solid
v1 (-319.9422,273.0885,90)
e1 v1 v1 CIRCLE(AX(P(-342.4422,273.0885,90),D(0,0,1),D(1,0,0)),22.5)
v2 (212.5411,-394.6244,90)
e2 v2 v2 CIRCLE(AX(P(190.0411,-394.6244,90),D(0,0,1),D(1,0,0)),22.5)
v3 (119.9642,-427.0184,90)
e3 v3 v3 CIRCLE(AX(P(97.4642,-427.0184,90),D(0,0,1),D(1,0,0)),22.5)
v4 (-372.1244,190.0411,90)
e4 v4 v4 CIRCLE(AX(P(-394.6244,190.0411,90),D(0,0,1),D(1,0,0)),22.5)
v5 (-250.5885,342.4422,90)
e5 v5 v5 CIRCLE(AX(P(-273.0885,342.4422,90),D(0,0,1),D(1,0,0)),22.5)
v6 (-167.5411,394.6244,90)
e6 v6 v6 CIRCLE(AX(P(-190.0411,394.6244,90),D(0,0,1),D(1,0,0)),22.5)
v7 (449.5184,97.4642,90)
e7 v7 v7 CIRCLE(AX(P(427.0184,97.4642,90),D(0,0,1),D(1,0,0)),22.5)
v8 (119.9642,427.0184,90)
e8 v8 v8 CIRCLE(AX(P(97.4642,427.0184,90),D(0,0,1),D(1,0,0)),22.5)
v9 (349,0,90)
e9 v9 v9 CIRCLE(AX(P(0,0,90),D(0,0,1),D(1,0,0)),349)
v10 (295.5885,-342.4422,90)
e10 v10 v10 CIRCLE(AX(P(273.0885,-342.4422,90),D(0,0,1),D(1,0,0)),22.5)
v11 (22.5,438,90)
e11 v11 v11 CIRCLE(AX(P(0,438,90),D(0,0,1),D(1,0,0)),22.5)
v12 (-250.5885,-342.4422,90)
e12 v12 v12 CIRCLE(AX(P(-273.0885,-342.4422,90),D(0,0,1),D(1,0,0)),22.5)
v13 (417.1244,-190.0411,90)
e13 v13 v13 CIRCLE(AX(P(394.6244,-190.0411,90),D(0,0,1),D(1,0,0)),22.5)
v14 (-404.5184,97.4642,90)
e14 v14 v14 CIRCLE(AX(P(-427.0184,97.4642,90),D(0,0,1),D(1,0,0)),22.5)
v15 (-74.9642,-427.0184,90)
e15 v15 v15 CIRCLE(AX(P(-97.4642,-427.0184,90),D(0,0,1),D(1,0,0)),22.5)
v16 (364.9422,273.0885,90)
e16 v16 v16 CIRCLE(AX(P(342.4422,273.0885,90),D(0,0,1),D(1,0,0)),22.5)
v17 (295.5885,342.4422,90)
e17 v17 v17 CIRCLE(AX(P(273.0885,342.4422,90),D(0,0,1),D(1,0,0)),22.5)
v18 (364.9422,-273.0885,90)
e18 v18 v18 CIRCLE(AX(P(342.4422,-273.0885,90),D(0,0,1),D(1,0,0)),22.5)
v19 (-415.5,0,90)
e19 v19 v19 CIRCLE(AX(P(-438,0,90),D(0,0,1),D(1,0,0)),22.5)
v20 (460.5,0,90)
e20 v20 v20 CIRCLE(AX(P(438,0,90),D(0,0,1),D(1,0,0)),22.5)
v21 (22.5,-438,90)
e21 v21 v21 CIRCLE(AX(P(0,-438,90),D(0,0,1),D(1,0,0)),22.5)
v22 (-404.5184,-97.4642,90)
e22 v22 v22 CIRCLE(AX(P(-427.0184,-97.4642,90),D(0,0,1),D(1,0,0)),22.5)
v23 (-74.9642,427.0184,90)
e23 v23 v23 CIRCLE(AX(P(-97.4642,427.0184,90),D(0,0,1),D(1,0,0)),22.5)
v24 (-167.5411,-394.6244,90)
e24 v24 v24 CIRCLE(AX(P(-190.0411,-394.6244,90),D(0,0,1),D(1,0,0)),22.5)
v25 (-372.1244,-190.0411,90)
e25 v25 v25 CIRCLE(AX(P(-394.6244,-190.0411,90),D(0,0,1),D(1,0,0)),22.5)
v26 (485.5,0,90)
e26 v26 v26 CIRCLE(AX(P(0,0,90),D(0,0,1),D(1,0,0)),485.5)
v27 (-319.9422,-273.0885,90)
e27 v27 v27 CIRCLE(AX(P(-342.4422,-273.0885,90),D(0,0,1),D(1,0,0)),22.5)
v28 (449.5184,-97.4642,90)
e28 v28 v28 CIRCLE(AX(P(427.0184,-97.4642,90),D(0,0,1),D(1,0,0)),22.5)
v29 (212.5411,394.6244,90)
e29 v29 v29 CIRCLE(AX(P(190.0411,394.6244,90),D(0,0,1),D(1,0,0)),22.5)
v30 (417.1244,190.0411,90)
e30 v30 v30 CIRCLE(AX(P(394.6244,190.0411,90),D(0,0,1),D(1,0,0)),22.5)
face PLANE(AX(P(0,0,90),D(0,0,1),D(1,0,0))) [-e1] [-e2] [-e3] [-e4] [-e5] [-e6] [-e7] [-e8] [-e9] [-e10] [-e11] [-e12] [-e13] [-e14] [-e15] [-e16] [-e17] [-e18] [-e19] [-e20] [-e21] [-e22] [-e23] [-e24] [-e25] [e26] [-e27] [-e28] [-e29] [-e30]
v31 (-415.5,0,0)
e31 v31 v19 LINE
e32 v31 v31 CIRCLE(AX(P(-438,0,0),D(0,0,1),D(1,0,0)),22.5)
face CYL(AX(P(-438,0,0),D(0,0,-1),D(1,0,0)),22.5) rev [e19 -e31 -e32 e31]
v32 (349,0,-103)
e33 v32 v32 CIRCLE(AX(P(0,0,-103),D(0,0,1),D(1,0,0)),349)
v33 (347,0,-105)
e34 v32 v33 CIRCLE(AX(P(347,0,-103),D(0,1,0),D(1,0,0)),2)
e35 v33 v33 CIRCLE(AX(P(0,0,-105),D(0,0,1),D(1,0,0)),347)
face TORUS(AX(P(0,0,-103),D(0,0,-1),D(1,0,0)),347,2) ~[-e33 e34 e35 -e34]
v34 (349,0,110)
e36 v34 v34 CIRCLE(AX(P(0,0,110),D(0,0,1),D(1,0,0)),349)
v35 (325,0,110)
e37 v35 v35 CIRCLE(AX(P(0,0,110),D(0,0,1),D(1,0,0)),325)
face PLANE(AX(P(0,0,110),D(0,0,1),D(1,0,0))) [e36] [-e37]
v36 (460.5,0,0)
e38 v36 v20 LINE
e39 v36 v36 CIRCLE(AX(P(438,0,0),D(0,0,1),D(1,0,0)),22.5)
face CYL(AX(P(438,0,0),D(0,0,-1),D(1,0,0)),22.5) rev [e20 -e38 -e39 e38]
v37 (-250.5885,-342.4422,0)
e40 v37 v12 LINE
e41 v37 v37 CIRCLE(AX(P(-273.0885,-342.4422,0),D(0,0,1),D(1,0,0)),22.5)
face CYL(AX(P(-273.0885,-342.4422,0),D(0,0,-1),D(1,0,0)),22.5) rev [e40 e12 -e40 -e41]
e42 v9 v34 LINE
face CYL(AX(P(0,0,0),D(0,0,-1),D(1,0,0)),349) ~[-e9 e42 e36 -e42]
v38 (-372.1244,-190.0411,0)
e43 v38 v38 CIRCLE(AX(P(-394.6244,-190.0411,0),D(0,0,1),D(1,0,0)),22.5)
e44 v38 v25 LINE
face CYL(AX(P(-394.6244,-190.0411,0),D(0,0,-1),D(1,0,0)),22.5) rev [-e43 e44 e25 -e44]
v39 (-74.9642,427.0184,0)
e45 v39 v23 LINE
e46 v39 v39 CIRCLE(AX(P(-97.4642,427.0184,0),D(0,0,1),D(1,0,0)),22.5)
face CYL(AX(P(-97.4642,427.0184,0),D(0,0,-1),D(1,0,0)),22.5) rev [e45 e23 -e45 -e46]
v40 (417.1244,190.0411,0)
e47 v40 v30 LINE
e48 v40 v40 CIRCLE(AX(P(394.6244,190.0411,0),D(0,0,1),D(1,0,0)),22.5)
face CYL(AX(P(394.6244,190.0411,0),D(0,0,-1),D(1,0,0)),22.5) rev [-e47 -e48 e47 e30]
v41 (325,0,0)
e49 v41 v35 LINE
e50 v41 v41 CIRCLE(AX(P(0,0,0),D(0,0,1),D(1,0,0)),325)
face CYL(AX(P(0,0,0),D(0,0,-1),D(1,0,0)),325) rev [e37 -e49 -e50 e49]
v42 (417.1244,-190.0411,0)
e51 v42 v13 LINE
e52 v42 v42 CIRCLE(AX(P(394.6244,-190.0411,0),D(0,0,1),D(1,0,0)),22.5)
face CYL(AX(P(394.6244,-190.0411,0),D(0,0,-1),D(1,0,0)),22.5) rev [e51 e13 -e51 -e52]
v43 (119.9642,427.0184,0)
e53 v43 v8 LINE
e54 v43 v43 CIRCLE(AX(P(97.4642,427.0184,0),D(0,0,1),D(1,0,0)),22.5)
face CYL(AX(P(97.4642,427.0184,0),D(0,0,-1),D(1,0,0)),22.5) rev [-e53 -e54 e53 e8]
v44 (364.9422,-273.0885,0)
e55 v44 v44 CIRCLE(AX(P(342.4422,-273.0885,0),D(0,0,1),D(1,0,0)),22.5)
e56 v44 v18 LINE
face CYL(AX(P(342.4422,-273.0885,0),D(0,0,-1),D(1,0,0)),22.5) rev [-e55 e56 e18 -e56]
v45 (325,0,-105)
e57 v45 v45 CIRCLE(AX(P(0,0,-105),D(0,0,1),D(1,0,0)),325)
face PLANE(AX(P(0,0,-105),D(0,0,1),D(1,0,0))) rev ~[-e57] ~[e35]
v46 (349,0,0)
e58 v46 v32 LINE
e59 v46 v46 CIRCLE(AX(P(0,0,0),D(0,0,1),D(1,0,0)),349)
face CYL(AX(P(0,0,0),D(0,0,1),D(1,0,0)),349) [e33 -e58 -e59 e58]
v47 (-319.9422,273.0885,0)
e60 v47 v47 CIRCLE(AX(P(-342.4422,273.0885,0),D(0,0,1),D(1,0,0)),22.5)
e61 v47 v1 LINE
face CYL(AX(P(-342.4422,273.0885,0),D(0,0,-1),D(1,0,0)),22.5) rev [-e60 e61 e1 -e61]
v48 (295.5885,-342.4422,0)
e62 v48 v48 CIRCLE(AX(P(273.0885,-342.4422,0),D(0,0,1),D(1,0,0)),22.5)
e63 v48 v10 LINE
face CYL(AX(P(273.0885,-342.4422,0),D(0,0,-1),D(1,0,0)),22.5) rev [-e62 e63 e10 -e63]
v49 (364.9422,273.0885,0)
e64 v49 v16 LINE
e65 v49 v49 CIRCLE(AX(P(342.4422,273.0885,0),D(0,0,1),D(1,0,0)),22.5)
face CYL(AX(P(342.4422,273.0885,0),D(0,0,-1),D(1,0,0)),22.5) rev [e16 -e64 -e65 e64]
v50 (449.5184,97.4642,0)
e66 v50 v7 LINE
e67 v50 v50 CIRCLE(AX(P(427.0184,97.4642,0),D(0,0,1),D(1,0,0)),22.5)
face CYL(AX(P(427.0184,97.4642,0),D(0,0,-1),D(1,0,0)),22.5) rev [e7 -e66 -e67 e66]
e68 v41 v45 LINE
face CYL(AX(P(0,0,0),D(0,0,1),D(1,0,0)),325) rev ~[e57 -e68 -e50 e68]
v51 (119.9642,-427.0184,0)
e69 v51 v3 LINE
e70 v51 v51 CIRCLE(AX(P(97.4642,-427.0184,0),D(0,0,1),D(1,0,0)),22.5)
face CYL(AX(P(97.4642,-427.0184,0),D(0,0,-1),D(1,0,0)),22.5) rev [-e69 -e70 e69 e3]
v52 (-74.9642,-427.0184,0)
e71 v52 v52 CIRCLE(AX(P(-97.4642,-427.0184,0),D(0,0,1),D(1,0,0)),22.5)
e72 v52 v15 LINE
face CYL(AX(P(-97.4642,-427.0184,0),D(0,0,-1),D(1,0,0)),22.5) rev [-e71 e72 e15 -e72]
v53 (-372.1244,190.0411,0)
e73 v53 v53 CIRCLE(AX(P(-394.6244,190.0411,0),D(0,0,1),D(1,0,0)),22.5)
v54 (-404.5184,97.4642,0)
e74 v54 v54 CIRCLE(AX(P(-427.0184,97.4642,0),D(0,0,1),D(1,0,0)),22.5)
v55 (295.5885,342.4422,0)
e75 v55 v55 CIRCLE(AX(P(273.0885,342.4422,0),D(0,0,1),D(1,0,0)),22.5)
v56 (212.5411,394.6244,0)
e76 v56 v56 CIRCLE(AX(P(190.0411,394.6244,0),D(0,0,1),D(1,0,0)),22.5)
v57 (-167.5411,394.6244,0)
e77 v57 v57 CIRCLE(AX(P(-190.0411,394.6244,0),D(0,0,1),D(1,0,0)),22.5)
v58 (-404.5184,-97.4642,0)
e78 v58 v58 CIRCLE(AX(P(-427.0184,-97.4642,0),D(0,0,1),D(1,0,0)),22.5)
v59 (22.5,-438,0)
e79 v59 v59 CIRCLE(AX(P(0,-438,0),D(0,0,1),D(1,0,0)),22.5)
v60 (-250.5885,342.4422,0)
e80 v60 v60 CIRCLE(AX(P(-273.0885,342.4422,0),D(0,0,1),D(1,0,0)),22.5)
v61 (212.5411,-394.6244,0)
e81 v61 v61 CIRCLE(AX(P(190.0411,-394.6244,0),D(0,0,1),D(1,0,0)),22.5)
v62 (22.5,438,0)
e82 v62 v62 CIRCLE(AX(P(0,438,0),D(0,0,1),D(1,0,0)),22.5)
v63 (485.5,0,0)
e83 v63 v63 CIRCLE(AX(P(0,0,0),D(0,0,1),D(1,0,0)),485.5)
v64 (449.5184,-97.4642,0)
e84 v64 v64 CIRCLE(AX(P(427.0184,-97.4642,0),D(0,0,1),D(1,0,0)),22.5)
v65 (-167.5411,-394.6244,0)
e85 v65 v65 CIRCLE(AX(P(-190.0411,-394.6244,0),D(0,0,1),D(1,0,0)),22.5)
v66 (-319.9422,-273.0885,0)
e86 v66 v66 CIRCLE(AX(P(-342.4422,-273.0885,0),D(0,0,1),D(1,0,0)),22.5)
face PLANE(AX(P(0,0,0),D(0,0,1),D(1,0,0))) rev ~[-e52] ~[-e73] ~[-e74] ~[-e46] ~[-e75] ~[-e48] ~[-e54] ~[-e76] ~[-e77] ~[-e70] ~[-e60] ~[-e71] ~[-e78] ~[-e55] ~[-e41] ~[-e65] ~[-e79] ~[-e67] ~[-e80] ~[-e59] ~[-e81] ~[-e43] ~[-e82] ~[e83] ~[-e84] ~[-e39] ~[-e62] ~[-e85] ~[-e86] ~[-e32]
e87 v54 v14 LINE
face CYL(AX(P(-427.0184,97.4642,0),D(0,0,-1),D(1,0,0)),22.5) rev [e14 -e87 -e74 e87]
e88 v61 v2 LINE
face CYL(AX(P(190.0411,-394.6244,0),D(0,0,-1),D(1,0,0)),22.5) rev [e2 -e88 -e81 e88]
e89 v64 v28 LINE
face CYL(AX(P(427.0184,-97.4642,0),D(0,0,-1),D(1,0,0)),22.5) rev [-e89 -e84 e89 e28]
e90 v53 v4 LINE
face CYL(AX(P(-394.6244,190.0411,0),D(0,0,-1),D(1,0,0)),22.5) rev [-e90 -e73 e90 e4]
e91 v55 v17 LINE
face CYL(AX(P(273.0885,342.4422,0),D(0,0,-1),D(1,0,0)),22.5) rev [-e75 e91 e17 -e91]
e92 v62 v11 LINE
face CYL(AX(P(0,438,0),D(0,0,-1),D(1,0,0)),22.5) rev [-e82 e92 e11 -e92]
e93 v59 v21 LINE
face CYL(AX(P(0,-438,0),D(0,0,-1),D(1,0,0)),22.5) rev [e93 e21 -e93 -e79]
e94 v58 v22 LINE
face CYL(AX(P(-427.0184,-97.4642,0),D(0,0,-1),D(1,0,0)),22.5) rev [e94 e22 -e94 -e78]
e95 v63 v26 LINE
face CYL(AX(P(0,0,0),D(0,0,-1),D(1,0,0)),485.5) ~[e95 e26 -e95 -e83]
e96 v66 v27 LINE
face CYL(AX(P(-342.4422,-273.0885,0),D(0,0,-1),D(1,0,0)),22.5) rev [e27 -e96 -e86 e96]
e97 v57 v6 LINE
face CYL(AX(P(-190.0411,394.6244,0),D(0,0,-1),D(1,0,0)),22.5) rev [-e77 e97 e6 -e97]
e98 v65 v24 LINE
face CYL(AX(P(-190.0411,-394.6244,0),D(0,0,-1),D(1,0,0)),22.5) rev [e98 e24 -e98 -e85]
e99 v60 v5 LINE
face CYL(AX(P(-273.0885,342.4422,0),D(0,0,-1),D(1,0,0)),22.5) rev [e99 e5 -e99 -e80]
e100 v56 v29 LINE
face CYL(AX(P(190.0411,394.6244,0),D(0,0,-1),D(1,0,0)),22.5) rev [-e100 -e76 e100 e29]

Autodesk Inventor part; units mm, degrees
ref_plane "YZ Plane" through (0, 0, 0) normal (1, 0, 0) x (0, 1, 0)
ref_plane "XZ Plane" through (0, 0, 0) normal (0, 1, 0) x (-1, 0, 0)
ref_plane "XY Plane" through (0, 0, 0) normal (0, 0, 1) x (1, 0, 0)
sketch "Schizzo1" plane through (0, 0, 0) normal (0, 0, 1) x (1, 0, 0)
  circle A0 centre (0, 0) radius 485.5
  circle A1 centre (0, 0) radius 325
  circle A2 centre (0, 0) radius 334
  circle A3 centre (0, 0) radius 349
  circle A4 centre (0, 0) radius 438 construction
  circle A5 centre (0, 438) radius 22.5
  circle A6 centre (-97.4642, 427.0184) radius 22.5
  circle A7 centre (-190.0411, 394.6244) radius 22.5
  circle A8 centre (-273.0885, 342.4422) radius 22.5
  circle A9 centre (-342.4422, 273.0885) radius 22.5
  circle A10 centre (-394.6244, 190.0411) radius 22.5
  circle A11 centre (-427.0184, 97.4642) radius 22.5
  circle A12 centre (-438, 0) radius 22.5
  circle A13 centre (-427.0184, -97.4642) radius 22.5
  circle A14 centre (-394.6244, -190.0411) radius 22.5
  circle A15 centre (-342.4422, -273.0885) radius 22.5
  circle A16 centre (-273.0885, -342.4422) radius 22.5
  circle A17 centre (-190.0411, -394.6244) radius 22.5
  circle A18 centre (-97.4642, -427.0184) radius 22.5
  circle A19 centre (0, -438) radius 22.5
  circle A20 centre (97.4642, -427.0184) radius 22.5
  circle A21 centre (190.0411, -394.6244) radius 22.5
  circle A22 centre (273.0885, -342.4422) radius 22.5
  circle A23 centre (342.4422, -273.0885) radius 22.5
  circle A24 centre (394.6244, -190.0411) radius 22.5
  circle A25 centre (427.0184, -97.4642) radius 22.5
  circle A26 centre (438, 0) radius 22.5
  circle A27 centre (427.0184, 97.4642) radius 22.5
  circle A28 centre (394.6244, 190.0411) radius 22.5
  circle A29 centre (342.4422, 273.0885) radius 22.5
  circle A30 centre (273.0885, 342.4422) radius 22.5
  circle A31 centre (190.0411, 394.6244) radius 22.5
  circle A32 centre (97.4642, 427.0184) radius 22.5
  dimension "d5" = 876
  dimension "d0" = 971
  dimension "d1" = 650
  dimension "d2" = 668
  dimension "d3" = 698
  dimension "d6" = 45
  dimension "d9" = 360
extrude "Estrusione1" add sketch "Schizzo1" along normal blind 90 contours A0
extrude "Estrusione2" add sketch "Schizzo1" along normal blind 110 and the other way blind 105 contours A2 | A3
fillet "Raccordo1" radius 2 1 edges at (-349, 0, -105)
properties part number "messa in tavola"
